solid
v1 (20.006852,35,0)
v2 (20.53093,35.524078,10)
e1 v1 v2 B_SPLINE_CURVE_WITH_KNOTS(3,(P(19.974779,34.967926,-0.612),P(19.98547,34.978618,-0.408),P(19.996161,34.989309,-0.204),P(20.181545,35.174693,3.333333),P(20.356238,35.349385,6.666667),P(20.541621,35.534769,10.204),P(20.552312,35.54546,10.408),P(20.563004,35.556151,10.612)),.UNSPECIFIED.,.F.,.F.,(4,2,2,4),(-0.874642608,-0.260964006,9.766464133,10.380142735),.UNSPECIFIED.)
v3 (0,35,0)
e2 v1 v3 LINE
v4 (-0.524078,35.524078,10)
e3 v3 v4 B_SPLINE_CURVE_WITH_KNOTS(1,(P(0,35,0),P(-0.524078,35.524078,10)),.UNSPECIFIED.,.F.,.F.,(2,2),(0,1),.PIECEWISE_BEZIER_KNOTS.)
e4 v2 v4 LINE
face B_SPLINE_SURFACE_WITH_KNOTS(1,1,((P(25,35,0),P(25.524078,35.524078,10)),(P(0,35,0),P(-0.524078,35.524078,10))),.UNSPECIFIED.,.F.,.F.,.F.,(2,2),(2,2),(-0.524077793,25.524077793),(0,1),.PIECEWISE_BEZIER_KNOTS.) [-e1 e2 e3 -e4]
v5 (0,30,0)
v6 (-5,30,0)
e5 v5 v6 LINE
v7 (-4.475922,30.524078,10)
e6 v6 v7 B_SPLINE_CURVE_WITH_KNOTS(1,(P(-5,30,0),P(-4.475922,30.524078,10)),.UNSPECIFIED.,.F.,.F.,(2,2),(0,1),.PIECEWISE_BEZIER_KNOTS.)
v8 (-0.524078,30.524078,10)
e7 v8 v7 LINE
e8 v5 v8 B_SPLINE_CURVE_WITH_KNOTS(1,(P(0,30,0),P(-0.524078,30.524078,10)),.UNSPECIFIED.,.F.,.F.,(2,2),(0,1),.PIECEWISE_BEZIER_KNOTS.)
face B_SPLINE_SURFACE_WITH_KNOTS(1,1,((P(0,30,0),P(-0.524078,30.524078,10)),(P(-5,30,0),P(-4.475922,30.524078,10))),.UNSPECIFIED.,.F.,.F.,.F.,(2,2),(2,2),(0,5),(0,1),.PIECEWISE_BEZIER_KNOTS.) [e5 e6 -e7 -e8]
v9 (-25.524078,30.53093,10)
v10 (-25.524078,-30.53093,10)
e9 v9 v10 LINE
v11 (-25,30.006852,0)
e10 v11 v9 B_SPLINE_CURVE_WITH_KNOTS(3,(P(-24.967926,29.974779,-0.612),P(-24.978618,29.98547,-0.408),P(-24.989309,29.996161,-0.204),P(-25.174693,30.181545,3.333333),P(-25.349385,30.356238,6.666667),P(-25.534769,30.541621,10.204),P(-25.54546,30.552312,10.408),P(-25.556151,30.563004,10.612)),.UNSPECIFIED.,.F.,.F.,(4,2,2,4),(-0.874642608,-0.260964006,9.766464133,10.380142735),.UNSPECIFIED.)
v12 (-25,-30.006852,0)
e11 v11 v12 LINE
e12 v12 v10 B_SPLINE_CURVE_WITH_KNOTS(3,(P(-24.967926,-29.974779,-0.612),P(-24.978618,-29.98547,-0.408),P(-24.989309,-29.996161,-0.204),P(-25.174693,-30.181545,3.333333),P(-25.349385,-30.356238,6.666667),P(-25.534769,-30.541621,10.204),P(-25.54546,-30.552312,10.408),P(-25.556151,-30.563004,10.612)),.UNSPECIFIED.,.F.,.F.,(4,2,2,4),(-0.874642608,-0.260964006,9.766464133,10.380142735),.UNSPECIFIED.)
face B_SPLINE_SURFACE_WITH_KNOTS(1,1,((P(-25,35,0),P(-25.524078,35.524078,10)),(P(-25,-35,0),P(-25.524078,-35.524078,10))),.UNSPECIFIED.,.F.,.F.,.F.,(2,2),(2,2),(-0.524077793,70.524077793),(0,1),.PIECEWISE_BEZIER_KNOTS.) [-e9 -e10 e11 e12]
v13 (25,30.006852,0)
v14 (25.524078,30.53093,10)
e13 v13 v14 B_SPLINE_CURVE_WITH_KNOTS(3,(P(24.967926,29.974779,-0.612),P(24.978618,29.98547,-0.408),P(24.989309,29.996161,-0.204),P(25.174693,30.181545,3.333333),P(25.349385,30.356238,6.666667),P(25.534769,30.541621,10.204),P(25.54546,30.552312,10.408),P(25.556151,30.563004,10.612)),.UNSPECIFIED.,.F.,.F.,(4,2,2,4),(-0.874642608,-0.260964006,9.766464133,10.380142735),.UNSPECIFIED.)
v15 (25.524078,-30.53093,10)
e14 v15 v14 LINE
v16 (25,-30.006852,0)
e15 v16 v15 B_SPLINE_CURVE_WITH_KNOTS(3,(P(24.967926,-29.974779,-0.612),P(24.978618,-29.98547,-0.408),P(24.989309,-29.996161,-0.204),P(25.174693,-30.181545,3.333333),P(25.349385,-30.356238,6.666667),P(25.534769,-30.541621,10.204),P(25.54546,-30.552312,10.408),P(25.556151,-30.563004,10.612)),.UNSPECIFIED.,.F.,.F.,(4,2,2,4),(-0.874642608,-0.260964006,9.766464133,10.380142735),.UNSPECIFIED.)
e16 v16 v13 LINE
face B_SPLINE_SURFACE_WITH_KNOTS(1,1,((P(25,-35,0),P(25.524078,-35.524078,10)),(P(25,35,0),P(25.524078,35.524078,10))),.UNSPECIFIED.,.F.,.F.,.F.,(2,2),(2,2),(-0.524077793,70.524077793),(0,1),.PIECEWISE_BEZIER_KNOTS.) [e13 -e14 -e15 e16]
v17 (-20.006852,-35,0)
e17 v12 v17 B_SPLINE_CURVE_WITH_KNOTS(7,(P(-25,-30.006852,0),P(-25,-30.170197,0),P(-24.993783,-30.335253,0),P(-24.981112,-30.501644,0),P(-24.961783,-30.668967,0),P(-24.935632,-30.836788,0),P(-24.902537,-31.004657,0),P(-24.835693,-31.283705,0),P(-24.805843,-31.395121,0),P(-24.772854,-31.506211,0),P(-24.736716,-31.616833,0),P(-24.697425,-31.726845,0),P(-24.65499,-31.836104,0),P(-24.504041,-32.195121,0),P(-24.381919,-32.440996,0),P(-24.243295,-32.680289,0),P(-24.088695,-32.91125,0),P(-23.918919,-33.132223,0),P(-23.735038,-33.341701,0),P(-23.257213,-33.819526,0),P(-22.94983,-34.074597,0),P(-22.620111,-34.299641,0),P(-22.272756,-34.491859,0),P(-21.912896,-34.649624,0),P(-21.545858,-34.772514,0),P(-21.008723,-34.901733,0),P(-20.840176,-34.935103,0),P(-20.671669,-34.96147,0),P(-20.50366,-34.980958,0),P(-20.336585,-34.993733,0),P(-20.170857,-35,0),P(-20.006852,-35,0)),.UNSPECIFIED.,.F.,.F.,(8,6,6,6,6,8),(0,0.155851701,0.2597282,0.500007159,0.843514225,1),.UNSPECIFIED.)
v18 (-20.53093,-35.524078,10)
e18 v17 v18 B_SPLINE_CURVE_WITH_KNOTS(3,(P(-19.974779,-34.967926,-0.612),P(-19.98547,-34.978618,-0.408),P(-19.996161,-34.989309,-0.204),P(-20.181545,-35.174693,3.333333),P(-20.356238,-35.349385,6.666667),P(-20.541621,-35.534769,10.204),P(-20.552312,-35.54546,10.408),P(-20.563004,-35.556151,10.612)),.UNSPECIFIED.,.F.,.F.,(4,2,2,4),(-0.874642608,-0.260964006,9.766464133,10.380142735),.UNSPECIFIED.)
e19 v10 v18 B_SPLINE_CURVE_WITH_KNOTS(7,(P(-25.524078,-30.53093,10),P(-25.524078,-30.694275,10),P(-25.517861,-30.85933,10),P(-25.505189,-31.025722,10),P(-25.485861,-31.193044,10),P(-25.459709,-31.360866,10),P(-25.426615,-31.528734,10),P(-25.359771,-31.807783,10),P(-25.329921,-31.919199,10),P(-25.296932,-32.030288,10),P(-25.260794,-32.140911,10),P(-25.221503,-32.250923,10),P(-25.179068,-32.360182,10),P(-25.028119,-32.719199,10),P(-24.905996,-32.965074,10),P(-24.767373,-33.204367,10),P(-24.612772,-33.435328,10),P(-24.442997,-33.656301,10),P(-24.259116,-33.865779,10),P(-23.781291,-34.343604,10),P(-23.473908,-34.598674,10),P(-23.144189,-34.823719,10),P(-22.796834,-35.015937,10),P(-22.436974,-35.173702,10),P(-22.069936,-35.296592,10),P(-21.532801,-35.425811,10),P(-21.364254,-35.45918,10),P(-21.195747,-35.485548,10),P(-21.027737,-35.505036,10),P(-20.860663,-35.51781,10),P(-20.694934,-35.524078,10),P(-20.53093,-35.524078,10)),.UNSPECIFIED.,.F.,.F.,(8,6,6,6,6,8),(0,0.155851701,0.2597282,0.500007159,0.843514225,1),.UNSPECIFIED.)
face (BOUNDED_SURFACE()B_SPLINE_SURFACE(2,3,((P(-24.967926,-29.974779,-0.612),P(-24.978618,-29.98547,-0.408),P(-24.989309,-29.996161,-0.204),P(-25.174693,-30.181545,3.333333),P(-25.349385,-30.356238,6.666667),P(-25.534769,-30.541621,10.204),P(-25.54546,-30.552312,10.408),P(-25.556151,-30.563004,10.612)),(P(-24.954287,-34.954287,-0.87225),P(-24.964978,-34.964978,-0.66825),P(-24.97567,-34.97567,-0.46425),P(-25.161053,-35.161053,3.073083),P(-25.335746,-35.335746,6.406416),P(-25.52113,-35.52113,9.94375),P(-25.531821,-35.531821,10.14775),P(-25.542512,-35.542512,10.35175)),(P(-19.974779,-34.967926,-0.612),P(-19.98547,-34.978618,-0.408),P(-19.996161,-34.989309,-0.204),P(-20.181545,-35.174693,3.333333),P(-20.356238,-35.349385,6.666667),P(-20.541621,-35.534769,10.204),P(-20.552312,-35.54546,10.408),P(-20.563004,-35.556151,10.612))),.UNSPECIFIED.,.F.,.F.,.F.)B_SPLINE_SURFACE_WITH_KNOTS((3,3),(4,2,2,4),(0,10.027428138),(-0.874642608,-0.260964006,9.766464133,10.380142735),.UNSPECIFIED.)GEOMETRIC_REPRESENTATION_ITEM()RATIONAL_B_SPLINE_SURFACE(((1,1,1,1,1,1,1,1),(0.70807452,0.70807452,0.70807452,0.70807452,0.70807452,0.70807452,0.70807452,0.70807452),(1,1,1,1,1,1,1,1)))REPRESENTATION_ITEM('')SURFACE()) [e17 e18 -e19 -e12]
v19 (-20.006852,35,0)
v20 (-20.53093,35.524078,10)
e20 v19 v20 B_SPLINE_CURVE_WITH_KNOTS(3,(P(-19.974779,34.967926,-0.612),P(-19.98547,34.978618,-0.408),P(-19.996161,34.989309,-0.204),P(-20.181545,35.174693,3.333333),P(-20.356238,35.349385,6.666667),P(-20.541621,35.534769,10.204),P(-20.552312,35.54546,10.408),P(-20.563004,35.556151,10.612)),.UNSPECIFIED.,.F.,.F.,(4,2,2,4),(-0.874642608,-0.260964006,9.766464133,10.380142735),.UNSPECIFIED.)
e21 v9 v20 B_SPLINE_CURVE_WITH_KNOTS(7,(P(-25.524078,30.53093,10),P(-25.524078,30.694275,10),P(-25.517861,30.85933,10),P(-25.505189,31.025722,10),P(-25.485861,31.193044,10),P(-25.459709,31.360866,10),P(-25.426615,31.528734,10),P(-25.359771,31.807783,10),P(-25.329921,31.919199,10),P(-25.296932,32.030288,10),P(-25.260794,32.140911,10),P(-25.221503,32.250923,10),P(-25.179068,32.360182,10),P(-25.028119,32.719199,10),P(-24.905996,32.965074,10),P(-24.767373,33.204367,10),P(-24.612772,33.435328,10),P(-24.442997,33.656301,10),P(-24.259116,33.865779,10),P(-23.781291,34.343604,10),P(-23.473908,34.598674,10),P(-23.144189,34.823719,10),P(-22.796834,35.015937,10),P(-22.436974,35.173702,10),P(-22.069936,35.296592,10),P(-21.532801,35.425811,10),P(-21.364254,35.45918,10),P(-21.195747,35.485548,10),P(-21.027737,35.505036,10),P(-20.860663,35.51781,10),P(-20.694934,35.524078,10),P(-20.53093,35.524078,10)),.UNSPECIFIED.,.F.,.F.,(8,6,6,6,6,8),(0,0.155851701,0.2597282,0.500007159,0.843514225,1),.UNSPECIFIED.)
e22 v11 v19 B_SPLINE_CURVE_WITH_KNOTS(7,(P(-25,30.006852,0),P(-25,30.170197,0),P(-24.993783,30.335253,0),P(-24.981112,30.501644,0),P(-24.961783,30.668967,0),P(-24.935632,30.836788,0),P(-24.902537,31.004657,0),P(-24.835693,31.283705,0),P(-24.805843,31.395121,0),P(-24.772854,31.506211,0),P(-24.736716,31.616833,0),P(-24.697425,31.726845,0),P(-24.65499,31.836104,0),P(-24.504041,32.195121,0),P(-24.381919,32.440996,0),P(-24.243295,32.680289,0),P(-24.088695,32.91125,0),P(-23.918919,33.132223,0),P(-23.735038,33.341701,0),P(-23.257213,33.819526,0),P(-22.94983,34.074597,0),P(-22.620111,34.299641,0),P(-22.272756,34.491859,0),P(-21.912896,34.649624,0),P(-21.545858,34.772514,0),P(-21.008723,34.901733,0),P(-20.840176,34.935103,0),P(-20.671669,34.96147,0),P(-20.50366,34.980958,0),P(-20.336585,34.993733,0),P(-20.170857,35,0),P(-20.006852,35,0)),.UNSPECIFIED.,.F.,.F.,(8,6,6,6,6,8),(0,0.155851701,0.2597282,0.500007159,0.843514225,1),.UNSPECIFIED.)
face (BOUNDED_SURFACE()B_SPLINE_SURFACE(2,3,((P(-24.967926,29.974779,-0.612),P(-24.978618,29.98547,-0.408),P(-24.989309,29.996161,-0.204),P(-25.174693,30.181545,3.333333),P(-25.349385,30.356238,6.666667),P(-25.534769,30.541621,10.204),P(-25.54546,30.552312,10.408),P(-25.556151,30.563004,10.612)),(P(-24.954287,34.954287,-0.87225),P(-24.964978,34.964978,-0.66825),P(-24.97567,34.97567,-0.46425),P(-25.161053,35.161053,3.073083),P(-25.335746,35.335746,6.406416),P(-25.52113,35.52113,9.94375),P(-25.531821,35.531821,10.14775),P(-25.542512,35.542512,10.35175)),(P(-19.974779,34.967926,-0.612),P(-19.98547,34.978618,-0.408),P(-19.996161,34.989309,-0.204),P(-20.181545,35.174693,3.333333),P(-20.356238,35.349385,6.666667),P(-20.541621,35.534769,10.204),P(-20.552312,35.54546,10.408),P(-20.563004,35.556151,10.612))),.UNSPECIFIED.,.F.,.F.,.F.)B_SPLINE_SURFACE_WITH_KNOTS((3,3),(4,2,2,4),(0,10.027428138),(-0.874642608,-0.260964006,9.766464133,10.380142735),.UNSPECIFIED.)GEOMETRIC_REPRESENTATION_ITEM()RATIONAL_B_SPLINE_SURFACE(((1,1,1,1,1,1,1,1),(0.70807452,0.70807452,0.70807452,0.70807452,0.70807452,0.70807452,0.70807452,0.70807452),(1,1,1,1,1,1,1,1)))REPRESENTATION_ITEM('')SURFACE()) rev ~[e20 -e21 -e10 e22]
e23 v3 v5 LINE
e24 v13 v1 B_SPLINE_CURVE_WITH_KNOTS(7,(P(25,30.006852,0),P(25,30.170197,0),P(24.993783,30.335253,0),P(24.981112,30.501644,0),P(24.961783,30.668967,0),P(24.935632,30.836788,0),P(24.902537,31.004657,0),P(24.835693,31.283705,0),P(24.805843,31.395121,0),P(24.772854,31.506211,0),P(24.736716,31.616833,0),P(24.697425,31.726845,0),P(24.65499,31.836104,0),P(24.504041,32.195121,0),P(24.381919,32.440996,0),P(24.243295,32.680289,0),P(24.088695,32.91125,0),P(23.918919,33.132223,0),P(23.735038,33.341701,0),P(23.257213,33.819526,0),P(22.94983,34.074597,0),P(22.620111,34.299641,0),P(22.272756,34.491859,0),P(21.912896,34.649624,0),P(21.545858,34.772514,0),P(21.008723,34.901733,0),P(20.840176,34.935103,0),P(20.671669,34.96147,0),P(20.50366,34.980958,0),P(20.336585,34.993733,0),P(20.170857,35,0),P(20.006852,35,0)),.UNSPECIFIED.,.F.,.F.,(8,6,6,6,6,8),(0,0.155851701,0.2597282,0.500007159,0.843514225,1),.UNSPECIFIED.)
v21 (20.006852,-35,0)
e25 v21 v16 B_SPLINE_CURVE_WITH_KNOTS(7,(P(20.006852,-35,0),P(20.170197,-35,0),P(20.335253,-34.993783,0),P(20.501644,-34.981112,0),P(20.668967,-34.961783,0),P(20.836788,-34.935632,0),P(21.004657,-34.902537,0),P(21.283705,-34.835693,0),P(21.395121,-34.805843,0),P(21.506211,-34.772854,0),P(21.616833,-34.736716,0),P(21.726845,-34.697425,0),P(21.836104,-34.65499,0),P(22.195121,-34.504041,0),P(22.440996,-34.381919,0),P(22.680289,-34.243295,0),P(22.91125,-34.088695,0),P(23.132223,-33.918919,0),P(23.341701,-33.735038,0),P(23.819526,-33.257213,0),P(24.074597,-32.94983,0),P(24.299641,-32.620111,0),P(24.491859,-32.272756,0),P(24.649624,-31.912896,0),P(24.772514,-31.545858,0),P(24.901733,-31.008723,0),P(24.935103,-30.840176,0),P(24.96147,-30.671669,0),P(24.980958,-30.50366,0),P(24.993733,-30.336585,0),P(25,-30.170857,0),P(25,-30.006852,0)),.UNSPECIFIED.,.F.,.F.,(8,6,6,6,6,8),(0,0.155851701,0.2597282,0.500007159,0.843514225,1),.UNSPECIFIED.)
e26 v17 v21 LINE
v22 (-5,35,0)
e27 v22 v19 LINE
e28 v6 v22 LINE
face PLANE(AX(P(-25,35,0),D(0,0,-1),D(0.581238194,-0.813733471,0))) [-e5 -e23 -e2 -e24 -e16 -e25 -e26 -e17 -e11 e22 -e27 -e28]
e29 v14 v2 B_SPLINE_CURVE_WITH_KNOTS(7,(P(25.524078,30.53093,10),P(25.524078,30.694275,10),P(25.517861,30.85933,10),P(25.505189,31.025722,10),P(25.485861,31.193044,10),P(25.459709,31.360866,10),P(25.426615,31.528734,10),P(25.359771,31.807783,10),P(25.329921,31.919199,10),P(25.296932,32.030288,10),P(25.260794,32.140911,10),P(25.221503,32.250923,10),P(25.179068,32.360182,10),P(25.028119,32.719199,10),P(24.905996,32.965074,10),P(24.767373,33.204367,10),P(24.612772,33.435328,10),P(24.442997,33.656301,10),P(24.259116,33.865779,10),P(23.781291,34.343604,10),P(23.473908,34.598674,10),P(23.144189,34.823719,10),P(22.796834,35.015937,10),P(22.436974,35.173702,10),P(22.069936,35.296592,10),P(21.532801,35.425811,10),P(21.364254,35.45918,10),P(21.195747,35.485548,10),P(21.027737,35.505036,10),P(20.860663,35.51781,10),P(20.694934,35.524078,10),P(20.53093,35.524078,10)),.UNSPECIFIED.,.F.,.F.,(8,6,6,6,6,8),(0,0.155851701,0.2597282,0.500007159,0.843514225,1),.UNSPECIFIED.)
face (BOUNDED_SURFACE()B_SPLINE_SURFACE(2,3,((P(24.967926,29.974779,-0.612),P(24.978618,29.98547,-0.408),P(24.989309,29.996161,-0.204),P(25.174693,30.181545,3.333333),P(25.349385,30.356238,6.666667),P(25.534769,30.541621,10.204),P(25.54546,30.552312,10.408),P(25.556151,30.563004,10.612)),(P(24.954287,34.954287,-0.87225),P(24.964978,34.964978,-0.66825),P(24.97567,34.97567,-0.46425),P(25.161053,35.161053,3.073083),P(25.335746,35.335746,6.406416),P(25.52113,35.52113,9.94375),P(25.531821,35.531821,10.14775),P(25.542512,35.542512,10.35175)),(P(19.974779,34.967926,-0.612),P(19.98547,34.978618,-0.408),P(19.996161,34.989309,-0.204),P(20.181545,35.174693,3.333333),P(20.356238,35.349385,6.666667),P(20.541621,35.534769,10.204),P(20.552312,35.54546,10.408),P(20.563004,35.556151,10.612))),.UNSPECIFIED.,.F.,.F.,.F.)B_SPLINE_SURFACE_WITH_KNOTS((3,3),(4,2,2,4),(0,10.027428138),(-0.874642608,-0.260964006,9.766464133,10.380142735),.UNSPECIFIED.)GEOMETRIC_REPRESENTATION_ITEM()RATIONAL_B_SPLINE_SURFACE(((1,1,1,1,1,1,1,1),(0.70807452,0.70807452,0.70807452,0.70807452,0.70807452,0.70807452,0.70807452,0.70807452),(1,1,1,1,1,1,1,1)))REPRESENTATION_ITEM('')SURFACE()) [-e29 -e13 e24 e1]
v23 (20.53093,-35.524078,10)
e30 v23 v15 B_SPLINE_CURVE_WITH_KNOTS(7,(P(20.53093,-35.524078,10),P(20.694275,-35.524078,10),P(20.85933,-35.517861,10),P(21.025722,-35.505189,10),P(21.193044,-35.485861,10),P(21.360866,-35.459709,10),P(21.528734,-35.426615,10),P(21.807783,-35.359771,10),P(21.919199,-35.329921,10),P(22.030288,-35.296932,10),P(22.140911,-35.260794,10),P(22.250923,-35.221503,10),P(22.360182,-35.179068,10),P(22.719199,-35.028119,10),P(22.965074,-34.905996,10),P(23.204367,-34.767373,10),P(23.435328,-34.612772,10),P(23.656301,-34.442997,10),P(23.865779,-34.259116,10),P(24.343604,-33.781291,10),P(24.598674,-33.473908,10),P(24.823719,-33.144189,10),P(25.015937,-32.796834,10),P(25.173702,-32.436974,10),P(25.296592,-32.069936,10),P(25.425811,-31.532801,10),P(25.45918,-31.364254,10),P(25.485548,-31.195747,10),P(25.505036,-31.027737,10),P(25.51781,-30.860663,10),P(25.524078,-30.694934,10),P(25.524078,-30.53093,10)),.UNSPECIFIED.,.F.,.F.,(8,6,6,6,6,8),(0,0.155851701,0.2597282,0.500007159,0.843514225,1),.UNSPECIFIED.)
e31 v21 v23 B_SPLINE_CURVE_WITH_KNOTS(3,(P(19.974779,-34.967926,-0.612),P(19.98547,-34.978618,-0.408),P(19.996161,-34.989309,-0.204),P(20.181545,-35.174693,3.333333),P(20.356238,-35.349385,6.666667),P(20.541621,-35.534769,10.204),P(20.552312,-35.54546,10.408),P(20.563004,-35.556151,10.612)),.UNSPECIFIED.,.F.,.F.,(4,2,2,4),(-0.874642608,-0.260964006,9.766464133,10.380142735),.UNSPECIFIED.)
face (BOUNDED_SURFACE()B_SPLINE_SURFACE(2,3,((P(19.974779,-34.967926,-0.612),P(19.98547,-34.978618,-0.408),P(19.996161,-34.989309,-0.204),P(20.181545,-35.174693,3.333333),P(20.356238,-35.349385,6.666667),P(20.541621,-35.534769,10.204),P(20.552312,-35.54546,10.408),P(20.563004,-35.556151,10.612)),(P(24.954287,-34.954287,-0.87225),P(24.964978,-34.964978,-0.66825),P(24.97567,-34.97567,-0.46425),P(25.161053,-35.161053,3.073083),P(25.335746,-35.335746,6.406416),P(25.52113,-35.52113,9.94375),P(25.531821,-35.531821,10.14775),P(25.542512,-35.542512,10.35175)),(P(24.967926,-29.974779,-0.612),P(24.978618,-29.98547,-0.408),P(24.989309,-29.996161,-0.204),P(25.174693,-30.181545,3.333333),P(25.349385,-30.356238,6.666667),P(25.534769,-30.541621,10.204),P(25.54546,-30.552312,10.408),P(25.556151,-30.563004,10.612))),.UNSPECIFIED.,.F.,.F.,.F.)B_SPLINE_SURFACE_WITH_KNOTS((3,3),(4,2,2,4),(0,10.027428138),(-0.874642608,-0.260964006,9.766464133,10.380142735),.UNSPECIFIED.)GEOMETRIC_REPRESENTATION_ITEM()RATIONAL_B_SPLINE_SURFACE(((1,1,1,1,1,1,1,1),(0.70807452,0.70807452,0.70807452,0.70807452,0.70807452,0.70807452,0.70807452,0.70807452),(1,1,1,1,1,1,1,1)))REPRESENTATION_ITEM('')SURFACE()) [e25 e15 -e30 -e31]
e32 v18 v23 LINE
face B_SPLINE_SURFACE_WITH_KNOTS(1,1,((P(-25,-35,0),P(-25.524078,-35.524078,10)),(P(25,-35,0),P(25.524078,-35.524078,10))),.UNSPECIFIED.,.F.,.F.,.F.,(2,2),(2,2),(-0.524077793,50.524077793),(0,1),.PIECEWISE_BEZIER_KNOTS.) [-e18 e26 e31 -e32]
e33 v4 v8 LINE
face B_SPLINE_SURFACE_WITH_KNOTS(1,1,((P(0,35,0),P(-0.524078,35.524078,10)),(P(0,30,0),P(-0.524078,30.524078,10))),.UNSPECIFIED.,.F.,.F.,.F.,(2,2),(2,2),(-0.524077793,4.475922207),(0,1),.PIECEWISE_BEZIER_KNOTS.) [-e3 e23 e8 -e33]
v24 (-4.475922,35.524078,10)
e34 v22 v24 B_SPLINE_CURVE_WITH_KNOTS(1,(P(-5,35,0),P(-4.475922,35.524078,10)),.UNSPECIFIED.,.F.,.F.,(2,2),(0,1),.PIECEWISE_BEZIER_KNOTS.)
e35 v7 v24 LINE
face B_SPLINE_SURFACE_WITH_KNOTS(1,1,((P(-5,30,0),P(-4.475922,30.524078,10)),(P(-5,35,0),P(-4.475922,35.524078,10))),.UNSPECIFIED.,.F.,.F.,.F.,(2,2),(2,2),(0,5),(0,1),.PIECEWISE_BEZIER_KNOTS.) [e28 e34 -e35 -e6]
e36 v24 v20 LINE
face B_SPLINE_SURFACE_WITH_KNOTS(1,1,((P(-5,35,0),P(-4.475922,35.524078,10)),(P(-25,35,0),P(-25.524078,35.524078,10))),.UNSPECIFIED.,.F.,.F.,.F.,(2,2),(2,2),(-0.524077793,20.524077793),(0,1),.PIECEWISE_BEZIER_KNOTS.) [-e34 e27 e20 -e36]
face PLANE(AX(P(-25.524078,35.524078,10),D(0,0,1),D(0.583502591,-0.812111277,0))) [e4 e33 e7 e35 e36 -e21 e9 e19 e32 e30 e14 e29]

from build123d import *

# Parameters (mm, degrees)
F1_DEPTH = 10
F1_TAPER = -3
F2_R     = 5


with BuildPart() as f1:
    # F0 (on Top) → F1 (new body)
    with BuildSketch(Plane.XY):
        Polygon((-25, 35), (-25, -35), (25, -35), (25, 35), (0, 35), (0, 30), (-5, 30), (-5, 35), align=None)
    extrude(amount=F1_DEPTH, taper=F1_TAPER)

    # F2
    f2_edges = [f1.edges().sort_by_distance(p)[0] for p in [
        (25.262039, -35.262039, 5),
        (25.262039, 35.262039, 5),
        (-25.262039, -35.262039, 5),
        (-25.262039, 35.262039, 5),
    ]]
    fillet(f2_edges, radius=F2_R)


solid = f1.part
